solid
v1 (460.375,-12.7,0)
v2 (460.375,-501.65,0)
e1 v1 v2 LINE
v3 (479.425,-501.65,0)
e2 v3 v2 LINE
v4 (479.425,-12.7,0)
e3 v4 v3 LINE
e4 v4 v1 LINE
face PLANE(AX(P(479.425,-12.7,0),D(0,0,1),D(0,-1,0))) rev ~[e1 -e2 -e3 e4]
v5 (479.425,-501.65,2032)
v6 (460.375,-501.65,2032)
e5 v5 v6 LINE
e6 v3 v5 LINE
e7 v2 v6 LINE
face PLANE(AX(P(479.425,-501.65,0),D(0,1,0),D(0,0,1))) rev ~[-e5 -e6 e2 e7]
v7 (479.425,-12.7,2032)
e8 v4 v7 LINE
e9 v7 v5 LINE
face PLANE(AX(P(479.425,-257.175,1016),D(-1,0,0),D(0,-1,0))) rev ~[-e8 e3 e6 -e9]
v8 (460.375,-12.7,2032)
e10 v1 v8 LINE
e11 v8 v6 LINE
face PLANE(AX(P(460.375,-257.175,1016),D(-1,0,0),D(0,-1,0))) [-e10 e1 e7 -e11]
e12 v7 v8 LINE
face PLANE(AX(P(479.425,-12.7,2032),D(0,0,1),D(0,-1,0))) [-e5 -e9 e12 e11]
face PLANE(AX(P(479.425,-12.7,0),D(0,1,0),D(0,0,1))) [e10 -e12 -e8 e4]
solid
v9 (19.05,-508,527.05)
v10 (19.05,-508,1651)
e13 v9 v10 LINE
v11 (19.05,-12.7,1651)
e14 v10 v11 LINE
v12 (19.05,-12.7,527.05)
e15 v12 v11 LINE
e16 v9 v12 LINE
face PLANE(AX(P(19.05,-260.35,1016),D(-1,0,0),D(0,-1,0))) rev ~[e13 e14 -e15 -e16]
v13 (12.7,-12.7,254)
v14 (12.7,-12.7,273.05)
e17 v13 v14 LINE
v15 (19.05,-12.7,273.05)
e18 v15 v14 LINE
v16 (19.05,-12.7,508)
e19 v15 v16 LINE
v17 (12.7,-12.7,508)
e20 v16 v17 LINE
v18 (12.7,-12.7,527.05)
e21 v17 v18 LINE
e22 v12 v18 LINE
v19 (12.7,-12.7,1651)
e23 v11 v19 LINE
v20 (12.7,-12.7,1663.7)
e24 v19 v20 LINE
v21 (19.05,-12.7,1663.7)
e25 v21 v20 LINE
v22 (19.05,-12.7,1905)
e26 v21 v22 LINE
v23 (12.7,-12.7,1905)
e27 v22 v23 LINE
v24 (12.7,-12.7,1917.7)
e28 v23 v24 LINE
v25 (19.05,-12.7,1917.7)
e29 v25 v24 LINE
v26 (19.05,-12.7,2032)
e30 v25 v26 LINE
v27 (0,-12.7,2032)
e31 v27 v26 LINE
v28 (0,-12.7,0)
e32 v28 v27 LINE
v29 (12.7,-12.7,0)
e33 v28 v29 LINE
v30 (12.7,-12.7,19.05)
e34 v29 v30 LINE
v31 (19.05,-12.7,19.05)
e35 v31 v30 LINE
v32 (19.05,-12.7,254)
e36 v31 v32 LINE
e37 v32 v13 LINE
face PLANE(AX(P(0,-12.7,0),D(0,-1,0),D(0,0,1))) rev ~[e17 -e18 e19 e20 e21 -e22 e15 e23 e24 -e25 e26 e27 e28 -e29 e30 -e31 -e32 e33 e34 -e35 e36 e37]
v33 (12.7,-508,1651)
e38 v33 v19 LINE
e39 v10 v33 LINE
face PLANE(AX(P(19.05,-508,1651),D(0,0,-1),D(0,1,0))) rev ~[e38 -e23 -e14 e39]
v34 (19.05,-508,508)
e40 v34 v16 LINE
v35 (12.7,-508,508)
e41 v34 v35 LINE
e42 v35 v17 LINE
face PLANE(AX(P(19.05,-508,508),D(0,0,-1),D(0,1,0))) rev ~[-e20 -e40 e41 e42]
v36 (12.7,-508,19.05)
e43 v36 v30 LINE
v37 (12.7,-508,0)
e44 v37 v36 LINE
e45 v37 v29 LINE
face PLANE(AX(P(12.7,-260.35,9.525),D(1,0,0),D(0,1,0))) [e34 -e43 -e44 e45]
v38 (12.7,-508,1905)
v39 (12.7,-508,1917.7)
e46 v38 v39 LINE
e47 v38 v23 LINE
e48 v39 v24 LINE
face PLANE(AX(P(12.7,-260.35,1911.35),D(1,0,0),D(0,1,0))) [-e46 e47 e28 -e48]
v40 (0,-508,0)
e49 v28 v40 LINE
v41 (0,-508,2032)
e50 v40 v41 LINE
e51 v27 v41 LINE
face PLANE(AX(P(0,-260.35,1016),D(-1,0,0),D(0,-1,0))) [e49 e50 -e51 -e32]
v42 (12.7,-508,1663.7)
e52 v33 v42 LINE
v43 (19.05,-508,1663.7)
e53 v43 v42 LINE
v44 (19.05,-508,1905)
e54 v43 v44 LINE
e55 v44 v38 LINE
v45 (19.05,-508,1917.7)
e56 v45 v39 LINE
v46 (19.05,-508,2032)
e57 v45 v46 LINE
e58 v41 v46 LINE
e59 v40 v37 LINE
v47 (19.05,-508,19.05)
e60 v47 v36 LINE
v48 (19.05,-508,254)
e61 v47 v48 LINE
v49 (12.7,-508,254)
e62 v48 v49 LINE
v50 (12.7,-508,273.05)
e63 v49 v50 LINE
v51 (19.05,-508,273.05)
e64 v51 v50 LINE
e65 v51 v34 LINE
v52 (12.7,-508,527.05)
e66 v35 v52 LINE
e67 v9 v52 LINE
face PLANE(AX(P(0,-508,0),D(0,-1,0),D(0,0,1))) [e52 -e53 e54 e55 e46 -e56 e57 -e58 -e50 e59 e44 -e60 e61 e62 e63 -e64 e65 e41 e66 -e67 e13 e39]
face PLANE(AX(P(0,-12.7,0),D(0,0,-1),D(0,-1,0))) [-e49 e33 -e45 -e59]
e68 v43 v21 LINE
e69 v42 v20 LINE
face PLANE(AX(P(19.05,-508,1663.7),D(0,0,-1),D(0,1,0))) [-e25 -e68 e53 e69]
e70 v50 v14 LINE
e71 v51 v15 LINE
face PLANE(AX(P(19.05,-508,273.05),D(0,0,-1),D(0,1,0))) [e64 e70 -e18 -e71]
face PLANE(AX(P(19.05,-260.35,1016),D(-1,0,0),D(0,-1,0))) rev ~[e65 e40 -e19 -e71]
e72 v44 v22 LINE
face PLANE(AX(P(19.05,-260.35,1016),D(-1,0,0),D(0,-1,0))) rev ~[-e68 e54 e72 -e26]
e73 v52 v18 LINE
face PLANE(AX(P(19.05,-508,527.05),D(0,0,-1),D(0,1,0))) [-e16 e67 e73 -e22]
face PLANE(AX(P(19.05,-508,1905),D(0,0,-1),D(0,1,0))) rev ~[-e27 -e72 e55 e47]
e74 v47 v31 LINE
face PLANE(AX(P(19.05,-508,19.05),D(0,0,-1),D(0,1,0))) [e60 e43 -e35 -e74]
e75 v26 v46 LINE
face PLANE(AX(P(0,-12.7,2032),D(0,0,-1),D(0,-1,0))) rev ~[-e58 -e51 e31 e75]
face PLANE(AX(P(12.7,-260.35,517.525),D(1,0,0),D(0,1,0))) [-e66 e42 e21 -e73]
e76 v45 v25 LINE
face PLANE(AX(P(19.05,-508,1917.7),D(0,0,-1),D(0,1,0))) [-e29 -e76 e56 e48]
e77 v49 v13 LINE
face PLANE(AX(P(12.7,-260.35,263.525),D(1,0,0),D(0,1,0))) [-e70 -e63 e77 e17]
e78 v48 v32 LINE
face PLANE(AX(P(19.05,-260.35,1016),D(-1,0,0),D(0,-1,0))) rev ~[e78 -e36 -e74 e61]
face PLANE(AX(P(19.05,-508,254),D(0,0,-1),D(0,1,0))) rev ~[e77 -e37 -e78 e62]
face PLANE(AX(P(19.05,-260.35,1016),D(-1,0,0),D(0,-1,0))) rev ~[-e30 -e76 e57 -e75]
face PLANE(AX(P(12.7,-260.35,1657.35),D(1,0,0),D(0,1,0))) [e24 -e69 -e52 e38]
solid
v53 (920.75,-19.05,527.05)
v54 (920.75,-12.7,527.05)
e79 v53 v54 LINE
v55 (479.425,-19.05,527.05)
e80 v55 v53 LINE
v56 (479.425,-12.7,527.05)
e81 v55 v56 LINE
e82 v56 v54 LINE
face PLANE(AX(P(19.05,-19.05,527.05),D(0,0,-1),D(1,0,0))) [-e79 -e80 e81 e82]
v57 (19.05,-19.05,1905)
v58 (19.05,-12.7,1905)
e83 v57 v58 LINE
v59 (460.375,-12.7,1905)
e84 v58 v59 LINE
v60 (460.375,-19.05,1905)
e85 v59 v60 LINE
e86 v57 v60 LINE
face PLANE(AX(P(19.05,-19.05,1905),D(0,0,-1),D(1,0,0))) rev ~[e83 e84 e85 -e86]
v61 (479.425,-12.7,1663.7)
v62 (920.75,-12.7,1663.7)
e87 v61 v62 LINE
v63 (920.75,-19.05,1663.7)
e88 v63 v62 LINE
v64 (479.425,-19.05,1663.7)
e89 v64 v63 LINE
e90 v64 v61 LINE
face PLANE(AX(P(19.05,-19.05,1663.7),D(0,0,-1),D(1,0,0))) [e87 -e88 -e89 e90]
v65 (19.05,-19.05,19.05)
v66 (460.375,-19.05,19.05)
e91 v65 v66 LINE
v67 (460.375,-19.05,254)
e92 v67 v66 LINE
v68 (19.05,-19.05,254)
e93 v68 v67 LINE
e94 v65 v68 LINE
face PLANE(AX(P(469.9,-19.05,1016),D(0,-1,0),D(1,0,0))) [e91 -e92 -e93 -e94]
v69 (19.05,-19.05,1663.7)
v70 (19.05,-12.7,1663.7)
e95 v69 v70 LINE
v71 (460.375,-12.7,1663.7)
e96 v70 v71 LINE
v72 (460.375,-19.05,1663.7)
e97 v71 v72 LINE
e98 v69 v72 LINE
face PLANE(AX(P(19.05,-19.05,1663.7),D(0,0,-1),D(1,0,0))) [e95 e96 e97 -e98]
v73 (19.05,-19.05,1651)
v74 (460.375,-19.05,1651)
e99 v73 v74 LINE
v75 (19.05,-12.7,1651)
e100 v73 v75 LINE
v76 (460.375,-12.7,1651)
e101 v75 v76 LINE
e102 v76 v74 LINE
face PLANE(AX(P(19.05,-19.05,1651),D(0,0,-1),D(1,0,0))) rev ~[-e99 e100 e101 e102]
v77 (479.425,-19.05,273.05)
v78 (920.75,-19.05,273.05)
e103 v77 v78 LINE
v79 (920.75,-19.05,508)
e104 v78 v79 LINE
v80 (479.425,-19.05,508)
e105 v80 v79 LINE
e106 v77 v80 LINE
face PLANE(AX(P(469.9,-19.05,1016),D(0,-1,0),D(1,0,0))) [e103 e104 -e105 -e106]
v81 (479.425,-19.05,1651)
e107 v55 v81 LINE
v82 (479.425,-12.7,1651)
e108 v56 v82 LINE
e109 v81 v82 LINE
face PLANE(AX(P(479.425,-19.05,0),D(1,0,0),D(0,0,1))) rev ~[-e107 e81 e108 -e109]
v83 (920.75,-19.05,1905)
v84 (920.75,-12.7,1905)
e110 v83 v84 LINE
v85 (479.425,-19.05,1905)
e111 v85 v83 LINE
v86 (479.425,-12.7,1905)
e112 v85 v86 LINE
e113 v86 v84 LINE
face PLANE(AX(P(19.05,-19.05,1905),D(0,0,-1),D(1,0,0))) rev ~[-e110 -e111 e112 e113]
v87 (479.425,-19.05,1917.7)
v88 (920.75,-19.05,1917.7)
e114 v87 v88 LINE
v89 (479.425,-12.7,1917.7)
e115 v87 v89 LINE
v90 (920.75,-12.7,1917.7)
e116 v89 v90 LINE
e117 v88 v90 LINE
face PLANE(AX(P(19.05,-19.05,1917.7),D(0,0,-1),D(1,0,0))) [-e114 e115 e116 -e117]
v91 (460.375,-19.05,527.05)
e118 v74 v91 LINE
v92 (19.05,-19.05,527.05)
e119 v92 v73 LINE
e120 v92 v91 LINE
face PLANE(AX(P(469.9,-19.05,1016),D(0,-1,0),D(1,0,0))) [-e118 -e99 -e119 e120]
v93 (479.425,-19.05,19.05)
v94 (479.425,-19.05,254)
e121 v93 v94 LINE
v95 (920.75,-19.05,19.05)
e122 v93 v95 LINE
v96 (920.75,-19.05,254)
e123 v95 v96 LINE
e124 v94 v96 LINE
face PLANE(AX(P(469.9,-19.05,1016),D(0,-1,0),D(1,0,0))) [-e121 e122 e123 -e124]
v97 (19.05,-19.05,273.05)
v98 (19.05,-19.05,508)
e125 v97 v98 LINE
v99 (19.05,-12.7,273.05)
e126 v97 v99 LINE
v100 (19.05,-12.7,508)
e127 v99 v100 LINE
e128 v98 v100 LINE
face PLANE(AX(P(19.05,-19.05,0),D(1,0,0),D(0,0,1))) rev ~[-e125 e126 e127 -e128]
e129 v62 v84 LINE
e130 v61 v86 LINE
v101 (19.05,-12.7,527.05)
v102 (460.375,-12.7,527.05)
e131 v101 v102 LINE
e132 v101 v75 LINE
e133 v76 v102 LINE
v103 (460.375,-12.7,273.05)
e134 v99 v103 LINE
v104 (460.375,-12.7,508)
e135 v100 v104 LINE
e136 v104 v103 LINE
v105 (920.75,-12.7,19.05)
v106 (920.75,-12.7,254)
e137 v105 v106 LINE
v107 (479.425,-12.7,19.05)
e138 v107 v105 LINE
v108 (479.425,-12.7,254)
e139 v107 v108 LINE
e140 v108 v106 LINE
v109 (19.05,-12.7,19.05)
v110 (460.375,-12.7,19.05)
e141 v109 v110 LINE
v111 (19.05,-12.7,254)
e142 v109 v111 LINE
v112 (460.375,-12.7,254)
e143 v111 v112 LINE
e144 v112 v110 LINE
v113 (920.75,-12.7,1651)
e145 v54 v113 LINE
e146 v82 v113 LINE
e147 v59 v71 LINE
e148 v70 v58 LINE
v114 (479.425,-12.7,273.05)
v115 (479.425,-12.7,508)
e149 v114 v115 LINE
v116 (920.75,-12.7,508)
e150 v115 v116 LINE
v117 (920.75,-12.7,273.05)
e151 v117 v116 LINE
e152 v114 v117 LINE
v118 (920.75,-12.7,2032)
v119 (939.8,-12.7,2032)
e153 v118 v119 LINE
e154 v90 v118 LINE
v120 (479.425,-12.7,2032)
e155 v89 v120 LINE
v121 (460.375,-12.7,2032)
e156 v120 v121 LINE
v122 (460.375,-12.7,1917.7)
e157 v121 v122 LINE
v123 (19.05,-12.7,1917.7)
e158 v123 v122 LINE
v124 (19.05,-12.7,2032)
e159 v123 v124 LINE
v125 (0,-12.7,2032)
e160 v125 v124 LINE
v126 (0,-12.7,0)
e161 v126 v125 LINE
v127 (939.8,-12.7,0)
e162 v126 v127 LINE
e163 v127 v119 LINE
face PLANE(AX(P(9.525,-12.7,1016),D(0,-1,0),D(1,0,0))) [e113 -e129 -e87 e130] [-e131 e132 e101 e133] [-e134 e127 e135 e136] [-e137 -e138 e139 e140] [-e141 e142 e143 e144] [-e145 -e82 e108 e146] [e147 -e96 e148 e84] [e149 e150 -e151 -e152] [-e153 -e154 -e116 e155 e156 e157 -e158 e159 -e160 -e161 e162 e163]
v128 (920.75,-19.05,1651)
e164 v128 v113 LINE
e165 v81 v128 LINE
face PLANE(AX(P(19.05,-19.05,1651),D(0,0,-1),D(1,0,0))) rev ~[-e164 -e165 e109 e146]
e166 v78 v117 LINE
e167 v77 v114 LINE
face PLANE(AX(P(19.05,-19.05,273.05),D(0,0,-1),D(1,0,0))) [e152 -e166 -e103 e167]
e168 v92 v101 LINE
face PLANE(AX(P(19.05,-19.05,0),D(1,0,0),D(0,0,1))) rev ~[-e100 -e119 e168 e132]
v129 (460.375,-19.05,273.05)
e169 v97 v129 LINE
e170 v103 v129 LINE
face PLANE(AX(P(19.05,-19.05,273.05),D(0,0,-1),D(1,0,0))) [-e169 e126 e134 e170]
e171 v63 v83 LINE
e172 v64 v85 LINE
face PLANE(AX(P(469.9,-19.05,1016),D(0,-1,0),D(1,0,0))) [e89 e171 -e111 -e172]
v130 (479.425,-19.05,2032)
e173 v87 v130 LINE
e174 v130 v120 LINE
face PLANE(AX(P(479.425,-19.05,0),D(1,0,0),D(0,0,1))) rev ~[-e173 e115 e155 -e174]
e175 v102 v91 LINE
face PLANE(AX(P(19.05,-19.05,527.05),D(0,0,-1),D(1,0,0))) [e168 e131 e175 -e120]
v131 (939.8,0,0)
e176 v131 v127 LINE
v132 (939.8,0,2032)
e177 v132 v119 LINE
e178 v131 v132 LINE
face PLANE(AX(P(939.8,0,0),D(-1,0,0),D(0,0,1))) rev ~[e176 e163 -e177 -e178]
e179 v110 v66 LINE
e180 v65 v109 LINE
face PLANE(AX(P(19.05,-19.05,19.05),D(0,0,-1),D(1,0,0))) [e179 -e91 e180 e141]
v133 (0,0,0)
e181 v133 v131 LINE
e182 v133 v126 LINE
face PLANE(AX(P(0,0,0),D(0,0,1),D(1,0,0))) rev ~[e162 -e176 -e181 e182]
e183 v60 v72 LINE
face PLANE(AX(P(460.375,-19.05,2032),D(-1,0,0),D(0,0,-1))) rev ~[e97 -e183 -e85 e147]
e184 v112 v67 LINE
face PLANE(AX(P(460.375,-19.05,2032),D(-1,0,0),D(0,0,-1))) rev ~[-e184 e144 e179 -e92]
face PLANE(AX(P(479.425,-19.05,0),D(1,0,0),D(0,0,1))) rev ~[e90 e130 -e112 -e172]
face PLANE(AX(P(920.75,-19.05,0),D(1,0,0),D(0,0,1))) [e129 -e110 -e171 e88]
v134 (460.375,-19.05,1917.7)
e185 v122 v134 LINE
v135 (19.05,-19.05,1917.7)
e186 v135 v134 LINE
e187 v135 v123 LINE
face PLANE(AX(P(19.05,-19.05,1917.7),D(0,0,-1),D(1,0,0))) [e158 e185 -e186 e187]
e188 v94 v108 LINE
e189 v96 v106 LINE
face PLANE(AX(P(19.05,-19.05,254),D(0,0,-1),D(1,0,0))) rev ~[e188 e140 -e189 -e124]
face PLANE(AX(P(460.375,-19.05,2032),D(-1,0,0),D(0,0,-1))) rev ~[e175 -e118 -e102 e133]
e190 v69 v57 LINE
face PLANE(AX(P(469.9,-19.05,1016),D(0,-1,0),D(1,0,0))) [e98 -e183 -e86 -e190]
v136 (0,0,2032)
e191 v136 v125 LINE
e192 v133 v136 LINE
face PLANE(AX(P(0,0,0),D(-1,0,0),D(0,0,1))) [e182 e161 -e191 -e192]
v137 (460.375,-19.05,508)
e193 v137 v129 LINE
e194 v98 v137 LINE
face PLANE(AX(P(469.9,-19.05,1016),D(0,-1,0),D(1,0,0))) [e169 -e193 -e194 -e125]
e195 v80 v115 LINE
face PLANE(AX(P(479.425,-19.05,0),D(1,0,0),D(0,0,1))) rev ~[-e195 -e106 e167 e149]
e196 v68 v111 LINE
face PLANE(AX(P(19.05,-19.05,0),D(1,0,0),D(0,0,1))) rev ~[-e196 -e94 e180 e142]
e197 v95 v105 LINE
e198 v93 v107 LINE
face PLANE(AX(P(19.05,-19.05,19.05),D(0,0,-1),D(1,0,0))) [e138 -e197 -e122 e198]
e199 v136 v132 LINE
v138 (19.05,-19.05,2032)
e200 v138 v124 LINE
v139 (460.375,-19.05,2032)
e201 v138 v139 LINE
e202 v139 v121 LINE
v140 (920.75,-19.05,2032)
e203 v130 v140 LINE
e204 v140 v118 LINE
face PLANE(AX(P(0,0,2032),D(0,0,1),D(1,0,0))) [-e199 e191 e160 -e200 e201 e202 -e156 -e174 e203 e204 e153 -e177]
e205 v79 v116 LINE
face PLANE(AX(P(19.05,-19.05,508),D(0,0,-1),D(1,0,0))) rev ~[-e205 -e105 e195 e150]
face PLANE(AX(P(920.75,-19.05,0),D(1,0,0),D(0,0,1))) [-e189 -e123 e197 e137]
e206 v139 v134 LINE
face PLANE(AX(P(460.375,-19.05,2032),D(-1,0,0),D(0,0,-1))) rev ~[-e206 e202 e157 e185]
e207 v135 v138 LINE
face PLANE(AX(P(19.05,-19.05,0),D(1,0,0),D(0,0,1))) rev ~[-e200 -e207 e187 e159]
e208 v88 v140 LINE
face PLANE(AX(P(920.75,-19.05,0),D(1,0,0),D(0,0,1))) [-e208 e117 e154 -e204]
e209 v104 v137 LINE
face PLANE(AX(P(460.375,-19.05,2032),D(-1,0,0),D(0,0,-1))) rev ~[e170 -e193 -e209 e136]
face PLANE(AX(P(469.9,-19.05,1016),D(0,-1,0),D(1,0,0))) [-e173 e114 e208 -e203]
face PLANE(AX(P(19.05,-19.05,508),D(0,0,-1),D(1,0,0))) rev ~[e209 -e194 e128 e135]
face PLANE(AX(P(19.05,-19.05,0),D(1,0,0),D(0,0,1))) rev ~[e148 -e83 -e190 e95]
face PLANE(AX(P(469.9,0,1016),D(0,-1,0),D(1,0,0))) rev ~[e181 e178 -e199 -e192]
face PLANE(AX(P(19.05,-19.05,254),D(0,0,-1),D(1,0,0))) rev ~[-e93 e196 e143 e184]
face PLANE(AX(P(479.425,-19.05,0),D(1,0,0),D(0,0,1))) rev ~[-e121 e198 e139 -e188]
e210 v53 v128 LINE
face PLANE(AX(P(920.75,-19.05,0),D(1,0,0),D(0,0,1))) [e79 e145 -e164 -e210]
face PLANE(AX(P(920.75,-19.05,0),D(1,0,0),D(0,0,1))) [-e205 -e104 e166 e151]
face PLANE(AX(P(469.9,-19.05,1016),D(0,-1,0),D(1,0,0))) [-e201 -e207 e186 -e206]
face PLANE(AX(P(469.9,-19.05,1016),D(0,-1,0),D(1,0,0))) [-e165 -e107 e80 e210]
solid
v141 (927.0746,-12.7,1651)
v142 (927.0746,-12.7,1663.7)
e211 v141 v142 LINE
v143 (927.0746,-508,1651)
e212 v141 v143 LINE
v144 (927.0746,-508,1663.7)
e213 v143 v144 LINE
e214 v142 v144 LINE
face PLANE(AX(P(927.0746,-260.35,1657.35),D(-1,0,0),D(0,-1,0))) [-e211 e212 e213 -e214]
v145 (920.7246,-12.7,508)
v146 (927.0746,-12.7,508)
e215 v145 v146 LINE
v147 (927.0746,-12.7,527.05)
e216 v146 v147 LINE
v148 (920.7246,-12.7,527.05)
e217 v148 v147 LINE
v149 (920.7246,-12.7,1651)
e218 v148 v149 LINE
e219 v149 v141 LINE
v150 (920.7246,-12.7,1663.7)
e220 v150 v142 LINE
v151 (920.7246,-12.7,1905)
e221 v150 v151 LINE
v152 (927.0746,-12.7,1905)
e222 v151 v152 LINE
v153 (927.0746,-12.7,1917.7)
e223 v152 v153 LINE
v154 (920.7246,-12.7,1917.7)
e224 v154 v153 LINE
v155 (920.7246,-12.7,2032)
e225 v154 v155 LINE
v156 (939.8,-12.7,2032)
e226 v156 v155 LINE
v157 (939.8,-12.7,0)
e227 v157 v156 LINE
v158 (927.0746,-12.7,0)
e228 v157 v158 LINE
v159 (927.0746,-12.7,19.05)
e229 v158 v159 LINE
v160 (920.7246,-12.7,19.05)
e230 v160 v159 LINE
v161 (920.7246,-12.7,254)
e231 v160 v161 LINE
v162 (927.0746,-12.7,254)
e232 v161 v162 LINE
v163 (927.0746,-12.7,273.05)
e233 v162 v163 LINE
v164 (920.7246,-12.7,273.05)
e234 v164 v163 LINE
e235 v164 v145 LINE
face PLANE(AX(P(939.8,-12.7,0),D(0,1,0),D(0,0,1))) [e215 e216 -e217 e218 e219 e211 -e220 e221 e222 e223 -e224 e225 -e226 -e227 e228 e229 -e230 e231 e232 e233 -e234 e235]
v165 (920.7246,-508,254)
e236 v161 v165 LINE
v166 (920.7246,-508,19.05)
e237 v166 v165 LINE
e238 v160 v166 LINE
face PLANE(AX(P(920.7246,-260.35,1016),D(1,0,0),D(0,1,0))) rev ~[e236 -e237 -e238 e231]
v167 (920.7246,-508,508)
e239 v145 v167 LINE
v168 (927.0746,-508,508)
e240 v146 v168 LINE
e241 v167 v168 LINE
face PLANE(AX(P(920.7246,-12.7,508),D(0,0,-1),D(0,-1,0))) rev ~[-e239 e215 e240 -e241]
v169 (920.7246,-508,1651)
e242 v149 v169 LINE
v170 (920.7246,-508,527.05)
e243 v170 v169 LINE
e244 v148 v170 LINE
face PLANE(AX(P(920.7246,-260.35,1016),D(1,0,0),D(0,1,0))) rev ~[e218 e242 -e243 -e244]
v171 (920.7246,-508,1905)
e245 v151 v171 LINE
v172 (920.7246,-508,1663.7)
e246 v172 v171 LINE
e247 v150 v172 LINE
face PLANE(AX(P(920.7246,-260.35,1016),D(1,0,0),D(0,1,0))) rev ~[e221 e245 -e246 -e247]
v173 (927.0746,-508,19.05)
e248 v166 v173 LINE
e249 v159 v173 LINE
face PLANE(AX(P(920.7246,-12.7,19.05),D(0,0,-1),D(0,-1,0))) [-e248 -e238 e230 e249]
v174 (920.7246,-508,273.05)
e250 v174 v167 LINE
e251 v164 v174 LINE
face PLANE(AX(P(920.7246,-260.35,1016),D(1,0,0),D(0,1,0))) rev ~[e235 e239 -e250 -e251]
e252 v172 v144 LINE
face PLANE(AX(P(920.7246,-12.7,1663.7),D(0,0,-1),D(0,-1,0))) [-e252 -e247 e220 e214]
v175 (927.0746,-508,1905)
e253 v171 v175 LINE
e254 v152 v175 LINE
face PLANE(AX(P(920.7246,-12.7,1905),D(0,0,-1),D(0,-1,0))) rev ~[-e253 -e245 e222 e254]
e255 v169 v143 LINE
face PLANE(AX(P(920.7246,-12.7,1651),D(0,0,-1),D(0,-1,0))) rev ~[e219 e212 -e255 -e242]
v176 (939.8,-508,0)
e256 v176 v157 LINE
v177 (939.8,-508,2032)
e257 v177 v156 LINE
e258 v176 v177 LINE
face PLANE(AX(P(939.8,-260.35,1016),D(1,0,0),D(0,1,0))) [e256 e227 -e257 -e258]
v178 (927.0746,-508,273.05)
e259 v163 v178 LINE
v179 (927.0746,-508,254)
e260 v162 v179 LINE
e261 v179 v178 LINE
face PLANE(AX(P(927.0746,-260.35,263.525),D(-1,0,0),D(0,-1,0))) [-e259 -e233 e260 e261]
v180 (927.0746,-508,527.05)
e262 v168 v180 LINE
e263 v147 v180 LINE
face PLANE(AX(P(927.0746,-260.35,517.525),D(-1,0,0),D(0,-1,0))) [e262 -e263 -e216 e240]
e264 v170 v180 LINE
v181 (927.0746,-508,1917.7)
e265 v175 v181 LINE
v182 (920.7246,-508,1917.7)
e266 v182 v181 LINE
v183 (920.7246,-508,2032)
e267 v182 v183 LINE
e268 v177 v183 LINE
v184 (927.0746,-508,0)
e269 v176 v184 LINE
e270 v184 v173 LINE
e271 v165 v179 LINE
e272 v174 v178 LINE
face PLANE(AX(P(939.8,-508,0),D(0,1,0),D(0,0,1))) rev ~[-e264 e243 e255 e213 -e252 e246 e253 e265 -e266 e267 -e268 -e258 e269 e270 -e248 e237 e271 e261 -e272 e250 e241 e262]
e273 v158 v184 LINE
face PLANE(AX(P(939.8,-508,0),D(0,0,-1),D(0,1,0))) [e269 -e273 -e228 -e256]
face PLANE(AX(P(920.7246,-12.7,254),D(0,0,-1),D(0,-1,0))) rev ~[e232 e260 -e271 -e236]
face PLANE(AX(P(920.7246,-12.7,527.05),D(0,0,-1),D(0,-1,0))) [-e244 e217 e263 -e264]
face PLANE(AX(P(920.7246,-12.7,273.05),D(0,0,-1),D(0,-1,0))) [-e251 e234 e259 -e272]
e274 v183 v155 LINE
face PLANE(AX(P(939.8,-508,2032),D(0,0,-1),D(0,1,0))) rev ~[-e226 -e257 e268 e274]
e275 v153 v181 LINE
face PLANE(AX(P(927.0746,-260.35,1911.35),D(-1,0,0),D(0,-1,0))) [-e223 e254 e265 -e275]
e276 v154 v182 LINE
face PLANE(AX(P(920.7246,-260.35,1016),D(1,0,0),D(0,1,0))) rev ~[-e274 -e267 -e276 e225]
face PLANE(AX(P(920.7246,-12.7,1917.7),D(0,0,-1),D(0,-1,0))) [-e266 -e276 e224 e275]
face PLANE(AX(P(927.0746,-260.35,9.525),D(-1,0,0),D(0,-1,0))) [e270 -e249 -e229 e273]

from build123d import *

# Parameters (mm, degrees)
F0_W      = 939.8
F0_H      = 2032
F1_DEPTH  = 19.05
F2_W      = 19.05
F2_H      = 2032
F3_DEPTH  = 6.35
F4_W      = 495.3
F4_H      = 2032
F5_DEPTH  = 19.0754
F6_W      = 495.3
F6_H      = 2032
F7_DEPTH  = 19.05
F8_W      = 488.95
F8_H      = 2032
F9_DEPTH  = 19.05
F10_W     = 901.7
F10_H     = 19.05
F10_H_2   = 12.7
F11_DEPTH = 6.35
F12_W     = 495.3
F12_H     = 19.05
F12_H_2   = 12.7
F13_DEPTH = 6.35
F14_W     = 495.3
F14_H     = 12.7
F14_H_2   = 19.05
F15_DEPTH = 6.35


with BuildPart() as f1:
    # F0 (on Front) → F1 (new body)
    with BuildSketch(Plane.XZ):
        with Locations((469.9, 1016)):
            Rectangle(F0_W, F0_H)
    extrude(amount=F1_DEPTH)

    # F2 (on face) → F3 (cut)
    with BuildSketch(Plane.XZ.offset(19.05)):
        with Locations((9.525, 1016)):
            Rectangle(F2_W, F2_H)
        with Locations((930.275, 1016)):
            Rectangle(F2_W, F2_H)
        Polygon((479.425, 2032), (469.9, 2032), (460.375, 2032), (460.375, 0), (469.9, 0), (479.425, 0), align=None)
    extrude(amount=-F3_DEPTH, mode=Mode.SUBTRACT)

    # F10 (on face) → F11 (cut)
    with BuildSketch(Plane.XZ.offset(19.05)):
        with Locations((469.9, 9.525)):
            Rectangle(F10_W, F10_H)
        with Locations((469.9, 263.525)):
            Rectangle(F10_W, F10_H)
        with Locations((469.9, 517.525)):
            Rectangle(F10_W, F10_H)
        with Locations((469.9, 1657.35)):
            Rectangle(F10_W, F10_H_2)
        with Locations((469.9, 1911.35)):
            Rectangle(F10_W, F10_H_2)
    extrude(amount=-F11_DEPTH, mode=Mode.SUBTRACT)


with BuildPart() as f5:
    # F4 (on face) → F5 (new body)
    with BuildSketch(Plane.YZ.offset(939.8)):
        with Locations((-260.35, 1016)):
            Rectangle(F4_W, F4_H)
    extrude(amount=-F5_DEPTH)

    # F14 (on face) → F15 (cut)
    with BuildSketch(Plane(origin=(920.7246, 0, 0), x_dir=(0, -1, 0), z_dir=(-1, 0, 0))):
        with Locations((260.35, 1911.35)):
            Rectangle(F14_W, F14_H)
        with Locations((260.35, 1657.35)):
            Rectangle(F14_W, F14_H)
        with Locations((260.35, 517.525)):
            Rectangle(F14_W, F14_H_2)
        with Locations((260.35, 263.525)):
            Rectangle(F14_W, F14_H_2)
        with Locations((260.35, 9.525)):
            Rectangle(F14_W, F14_H_2)
    extrude(amount=-F15_DEPTH, mode=Mode.SUBTRACT)


with BuildPart() as f7:
    # F6 (on face) → F7 (new body)
    with BuildSketch(Plane(origin=(0, 0, 0), x_dir=(0, -1, 0), z_dir=(-1, 0, 0))):
        with Locations((260.35, 1016)):
            Rectangle(F6_W, F6_H)
    extrude(amount=-F7_DEPTH)

    # F12 (on face) → F13 (cut)
    with BuildSketch(Plane.YZ.offset(19.05)):
        with Locations((-260.35, 263.525)):
            Rectangle(F12_W, F12_H)
        with Locations((-260.35, 517.525)):
            Rectangle(F12_W, F12_H)
        with Locations((-260.35, 1911.35)):
            Rectangle(F12_W, F12_H_2)
        with Locations((-260.35, 9.525)):
            Rectangle(F12_W, F12_H)
        with Locations((-260.35, 1657.35)):
            Rectangle(F12_W, F12_H_2)
    extrude(amount=-F13_DEPTH, mode=Mode.SUBTRACT)


with BuildPart() as f9:
    # F8 (on face) → F9 (new body)
    with BuildSketch(Plane(origin=(479.425, 0, 0), x_dir=(0, -1, 0), z_dir=(-1, 0, 0))):
        with Locations((257.175, 1016)):
            Rectangle(F8_W, F8_H)
    extrude(amount=F9_DEPTH)


solid = Compound([f1.part, f5.part, f7.part, f9.part])
